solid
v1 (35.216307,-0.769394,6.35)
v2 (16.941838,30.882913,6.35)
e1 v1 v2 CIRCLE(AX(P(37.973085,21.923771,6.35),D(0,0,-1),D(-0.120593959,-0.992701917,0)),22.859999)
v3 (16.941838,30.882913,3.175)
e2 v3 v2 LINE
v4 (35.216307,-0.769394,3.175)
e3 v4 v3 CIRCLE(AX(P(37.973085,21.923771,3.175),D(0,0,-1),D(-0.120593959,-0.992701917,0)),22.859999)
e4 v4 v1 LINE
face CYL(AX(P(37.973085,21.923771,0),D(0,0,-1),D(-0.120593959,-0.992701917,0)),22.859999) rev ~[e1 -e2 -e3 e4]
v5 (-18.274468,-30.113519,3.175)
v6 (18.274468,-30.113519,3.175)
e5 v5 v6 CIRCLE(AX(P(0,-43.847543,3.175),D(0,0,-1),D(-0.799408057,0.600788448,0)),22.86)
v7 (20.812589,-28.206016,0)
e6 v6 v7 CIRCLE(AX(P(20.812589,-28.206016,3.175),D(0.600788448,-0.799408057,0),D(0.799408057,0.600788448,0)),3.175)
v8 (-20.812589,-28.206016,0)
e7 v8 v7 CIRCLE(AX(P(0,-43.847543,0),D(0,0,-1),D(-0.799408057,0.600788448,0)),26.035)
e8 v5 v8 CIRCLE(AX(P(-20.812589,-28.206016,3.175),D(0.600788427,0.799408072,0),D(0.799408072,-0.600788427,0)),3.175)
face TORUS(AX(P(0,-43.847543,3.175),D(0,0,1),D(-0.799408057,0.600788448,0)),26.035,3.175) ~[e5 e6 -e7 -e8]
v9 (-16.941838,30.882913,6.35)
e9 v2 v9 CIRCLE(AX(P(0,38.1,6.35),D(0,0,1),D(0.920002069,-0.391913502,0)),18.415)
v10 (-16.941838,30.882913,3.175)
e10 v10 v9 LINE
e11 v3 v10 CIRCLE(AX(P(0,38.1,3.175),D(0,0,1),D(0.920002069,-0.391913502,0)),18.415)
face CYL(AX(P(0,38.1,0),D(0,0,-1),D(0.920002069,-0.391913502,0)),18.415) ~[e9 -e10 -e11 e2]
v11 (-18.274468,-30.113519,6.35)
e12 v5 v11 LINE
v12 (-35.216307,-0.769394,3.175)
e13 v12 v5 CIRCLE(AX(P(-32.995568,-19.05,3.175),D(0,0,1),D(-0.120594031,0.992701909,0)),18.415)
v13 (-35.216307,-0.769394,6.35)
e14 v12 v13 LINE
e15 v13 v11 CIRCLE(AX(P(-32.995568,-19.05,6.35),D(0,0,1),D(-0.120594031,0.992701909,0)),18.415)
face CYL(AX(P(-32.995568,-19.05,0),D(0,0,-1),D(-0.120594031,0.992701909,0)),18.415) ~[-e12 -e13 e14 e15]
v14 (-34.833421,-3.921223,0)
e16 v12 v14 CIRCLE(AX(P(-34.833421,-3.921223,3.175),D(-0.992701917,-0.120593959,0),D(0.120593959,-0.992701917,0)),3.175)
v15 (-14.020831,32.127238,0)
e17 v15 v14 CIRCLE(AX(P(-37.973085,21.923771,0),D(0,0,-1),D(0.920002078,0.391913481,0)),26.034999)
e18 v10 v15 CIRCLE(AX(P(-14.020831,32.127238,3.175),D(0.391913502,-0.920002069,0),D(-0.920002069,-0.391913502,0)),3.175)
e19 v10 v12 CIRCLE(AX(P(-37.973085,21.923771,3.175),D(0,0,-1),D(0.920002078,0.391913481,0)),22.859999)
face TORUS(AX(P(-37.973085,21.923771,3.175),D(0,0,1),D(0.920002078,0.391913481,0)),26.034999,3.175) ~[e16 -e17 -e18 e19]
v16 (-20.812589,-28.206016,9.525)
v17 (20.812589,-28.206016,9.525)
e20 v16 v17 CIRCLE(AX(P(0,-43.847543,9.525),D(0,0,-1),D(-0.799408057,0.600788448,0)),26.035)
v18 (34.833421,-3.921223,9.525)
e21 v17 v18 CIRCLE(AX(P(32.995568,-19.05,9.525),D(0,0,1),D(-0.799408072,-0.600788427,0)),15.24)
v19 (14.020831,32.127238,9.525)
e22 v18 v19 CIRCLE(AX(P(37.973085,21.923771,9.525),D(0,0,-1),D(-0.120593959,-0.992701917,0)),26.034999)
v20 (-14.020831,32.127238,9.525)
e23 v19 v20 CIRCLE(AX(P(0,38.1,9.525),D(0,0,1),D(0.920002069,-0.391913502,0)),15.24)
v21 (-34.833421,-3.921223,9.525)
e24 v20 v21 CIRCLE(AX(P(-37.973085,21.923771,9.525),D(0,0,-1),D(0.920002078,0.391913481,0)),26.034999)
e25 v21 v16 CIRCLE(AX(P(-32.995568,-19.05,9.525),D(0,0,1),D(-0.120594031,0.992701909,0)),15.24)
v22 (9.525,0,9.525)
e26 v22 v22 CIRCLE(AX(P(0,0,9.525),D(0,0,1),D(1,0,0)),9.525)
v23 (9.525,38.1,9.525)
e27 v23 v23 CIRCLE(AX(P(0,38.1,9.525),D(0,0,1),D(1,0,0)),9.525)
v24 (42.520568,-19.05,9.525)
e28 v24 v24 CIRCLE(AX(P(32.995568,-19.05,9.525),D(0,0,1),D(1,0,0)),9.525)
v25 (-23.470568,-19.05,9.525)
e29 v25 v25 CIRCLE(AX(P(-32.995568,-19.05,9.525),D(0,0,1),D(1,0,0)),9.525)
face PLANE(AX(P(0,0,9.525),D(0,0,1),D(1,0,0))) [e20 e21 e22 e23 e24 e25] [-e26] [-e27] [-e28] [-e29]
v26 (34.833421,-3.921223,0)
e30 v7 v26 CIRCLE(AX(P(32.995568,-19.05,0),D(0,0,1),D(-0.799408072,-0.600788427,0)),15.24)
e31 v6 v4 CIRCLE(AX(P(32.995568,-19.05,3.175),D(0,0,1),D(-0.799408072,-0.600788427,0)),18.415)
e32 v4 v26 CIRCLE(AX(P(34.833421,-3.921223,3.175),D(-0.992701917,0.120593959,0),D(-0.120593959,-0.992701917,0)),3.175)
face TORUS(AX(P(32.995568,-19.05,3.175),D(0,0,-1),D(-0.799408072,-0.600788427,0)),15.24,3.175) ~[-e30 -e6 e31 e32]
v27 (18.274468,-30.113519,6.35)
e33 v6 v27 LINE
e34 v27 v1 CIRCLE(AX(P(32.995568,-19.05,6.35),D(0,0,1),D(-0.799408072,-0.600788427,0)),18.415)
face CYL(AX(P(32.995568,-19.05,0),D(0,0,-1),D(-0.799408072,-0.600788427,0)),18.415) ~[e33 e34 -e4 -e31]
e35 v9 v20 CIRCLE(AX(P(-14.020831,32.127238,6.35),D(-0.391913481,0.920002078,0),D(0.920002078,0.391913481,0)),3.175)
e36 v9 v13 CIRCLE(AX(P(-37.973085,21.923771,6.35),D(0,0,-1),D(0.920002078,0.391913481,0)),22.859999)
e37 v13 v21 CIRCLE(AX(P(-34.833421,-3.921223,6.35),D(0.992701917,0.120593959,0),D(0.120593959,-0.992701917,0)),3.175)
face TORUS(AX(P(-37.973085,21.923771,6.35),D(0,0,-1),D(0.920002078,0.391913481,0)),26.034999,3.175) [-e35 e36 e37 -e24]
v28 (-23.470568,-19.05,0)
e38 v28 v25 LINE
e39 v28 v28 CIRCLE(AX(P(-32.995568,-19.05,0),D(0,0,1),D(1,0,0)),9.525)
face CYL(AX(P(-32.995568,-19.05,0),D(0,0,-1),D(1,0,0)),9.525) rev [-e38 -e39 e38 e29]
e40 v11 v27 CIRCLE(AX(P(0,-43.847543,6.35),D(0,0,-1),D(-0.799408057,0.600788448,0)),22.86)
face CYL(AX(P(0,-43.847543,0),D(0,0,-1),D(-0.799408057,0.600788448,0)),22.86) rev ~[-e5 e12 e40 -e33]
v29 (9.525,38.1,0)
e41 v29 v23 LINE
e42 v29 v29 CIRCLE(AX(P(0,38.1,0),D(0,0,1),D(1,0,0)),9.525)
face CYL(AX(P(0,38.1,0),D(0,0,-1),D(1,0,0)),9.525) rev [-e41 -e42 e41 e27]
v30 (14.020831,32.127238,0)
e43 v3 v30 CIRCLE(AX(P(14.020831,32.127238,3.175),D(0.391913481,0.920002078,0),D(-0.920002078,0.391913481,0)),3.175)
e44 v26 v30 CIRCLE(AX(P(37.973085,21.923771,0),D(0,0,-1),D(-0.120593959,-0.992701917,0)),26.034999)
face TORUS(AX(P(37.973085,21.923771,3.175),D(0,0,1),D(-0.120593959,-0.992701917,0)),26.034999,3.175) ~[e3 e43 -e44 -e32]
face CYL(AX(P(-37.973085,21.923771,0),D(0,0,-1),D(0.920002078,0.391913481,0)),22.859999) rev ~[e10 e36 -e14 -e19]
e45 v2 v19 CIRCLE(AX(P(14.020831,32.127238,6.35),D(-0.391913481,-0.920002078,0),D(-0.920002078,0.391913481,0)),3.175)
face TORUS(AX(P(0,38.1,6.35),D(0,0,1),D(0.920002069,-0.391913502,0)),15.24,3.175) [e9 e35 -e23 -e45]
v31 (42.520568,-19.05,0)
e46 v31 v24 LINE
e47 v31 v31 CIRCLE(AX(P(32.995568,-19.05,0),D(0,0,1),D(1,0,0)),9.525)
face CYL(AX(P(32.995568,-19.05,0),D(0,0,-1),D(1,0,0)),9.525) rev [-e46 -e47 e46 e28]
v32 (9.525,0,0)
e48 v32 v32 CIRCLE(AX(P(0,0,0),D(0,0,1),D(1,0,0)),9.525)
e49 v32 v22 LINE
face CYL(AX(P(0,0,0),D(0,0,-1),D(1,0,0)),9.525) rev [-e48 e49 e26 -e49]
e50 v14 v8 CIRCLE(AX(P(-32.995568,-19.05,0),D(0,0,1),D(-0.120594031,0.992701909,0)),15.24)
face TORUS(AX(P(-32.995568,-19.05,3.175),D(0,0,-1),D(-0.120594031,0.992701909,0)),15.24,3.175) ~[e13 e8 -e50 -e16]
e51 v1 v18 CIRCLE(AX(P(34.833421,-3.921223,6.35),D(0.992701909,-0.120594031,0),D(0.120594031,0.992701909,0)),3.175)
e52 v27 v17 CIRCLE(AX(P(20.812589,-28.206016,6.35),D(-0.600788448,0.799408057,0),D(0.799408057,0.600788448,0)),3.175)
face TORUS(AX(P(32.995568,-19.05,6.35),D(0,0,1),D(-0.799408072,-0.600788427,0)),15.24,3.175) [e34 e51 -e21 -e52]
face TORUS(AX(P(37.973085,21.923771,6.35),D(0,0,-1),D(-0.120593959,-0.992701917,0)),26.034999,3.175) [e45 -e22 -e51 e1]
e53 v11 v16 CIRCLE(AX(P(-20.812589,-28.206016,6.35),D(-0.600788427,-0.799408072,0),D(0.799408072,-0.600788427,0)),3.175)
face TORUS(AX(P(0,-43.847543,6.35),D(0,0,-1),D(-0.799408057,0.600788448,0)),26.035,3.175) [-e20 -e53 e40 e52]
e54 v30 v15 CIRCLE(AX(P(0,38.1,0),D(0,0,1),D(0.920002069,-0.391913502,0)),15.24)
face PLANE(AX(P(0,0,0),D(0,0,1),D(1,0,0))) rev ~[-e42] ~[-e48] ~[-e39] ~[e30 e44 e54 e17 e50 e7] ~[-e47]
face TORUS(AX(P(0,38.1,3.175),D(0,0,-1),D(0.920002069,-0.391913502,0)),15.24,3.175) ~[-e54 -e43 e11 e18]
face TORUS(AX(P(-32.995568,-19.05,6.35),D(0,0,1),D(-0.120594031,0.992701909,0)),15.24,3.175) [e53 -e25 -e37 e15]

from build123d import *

# Parameters (mm, degrees)
F0_R     = 9.525
F1_DEPTH = 9.525
F2_R     = 3.175


with BuildPart() as f1:
    # F0 (on Top) → F1 (new body)
    with BuildSketch(Plane.XY):
        with BuildLine():
            ThreePointArc((35.216307, -0.769394), (18.175745, 10.493771), (16.941838, 30.882913))
            ThreePointArc((16.941838, 30.882913), (0, 56.515), (-16.941838, 30.882913))
            ThreePointArc((-16.941838, 30.882913), (-18.175745, 10.493771), (-35.216307, -0.769394))
            ThreePointArc((-35.216307, -0.769394), (-48.943426, -28.2575), (-18.274468, -30.113519))
            ThreePointArc((-18.274468, -30.113519), (0, -20.987543), (18.274468, -30.113519))
            ThreePointArc((18.274468, -30.113519), (48.943426, -28.2575), (35.216307, -0.769394))
        make_face()
        with Locations((-32.995568, -19.05)):
            Circle(F0_R, mode=Mode.SUBTRACT)
        Circle(F0_R, mode=Mode.SUBTRACT)
        with Locations((32.995568, -19.05)):
            Circle(F0_R, mode=Mode.SUBTRACT)
        with Locations((0, 38.1)):
            Circle(F0_R, mode=Mode.SUBTRACT)
    extrude(amount=F1_DEPTH)

    # F2
    f2_edges = [f1.edges().sort_by_distance(p)[0] for p in [
        (-18.175745, 10.493771, 9.525),
        (18.175745, 10.493771, 0),
    ]]
    fillet(f2_edges, radius=F2_R)


solid = f1.part
